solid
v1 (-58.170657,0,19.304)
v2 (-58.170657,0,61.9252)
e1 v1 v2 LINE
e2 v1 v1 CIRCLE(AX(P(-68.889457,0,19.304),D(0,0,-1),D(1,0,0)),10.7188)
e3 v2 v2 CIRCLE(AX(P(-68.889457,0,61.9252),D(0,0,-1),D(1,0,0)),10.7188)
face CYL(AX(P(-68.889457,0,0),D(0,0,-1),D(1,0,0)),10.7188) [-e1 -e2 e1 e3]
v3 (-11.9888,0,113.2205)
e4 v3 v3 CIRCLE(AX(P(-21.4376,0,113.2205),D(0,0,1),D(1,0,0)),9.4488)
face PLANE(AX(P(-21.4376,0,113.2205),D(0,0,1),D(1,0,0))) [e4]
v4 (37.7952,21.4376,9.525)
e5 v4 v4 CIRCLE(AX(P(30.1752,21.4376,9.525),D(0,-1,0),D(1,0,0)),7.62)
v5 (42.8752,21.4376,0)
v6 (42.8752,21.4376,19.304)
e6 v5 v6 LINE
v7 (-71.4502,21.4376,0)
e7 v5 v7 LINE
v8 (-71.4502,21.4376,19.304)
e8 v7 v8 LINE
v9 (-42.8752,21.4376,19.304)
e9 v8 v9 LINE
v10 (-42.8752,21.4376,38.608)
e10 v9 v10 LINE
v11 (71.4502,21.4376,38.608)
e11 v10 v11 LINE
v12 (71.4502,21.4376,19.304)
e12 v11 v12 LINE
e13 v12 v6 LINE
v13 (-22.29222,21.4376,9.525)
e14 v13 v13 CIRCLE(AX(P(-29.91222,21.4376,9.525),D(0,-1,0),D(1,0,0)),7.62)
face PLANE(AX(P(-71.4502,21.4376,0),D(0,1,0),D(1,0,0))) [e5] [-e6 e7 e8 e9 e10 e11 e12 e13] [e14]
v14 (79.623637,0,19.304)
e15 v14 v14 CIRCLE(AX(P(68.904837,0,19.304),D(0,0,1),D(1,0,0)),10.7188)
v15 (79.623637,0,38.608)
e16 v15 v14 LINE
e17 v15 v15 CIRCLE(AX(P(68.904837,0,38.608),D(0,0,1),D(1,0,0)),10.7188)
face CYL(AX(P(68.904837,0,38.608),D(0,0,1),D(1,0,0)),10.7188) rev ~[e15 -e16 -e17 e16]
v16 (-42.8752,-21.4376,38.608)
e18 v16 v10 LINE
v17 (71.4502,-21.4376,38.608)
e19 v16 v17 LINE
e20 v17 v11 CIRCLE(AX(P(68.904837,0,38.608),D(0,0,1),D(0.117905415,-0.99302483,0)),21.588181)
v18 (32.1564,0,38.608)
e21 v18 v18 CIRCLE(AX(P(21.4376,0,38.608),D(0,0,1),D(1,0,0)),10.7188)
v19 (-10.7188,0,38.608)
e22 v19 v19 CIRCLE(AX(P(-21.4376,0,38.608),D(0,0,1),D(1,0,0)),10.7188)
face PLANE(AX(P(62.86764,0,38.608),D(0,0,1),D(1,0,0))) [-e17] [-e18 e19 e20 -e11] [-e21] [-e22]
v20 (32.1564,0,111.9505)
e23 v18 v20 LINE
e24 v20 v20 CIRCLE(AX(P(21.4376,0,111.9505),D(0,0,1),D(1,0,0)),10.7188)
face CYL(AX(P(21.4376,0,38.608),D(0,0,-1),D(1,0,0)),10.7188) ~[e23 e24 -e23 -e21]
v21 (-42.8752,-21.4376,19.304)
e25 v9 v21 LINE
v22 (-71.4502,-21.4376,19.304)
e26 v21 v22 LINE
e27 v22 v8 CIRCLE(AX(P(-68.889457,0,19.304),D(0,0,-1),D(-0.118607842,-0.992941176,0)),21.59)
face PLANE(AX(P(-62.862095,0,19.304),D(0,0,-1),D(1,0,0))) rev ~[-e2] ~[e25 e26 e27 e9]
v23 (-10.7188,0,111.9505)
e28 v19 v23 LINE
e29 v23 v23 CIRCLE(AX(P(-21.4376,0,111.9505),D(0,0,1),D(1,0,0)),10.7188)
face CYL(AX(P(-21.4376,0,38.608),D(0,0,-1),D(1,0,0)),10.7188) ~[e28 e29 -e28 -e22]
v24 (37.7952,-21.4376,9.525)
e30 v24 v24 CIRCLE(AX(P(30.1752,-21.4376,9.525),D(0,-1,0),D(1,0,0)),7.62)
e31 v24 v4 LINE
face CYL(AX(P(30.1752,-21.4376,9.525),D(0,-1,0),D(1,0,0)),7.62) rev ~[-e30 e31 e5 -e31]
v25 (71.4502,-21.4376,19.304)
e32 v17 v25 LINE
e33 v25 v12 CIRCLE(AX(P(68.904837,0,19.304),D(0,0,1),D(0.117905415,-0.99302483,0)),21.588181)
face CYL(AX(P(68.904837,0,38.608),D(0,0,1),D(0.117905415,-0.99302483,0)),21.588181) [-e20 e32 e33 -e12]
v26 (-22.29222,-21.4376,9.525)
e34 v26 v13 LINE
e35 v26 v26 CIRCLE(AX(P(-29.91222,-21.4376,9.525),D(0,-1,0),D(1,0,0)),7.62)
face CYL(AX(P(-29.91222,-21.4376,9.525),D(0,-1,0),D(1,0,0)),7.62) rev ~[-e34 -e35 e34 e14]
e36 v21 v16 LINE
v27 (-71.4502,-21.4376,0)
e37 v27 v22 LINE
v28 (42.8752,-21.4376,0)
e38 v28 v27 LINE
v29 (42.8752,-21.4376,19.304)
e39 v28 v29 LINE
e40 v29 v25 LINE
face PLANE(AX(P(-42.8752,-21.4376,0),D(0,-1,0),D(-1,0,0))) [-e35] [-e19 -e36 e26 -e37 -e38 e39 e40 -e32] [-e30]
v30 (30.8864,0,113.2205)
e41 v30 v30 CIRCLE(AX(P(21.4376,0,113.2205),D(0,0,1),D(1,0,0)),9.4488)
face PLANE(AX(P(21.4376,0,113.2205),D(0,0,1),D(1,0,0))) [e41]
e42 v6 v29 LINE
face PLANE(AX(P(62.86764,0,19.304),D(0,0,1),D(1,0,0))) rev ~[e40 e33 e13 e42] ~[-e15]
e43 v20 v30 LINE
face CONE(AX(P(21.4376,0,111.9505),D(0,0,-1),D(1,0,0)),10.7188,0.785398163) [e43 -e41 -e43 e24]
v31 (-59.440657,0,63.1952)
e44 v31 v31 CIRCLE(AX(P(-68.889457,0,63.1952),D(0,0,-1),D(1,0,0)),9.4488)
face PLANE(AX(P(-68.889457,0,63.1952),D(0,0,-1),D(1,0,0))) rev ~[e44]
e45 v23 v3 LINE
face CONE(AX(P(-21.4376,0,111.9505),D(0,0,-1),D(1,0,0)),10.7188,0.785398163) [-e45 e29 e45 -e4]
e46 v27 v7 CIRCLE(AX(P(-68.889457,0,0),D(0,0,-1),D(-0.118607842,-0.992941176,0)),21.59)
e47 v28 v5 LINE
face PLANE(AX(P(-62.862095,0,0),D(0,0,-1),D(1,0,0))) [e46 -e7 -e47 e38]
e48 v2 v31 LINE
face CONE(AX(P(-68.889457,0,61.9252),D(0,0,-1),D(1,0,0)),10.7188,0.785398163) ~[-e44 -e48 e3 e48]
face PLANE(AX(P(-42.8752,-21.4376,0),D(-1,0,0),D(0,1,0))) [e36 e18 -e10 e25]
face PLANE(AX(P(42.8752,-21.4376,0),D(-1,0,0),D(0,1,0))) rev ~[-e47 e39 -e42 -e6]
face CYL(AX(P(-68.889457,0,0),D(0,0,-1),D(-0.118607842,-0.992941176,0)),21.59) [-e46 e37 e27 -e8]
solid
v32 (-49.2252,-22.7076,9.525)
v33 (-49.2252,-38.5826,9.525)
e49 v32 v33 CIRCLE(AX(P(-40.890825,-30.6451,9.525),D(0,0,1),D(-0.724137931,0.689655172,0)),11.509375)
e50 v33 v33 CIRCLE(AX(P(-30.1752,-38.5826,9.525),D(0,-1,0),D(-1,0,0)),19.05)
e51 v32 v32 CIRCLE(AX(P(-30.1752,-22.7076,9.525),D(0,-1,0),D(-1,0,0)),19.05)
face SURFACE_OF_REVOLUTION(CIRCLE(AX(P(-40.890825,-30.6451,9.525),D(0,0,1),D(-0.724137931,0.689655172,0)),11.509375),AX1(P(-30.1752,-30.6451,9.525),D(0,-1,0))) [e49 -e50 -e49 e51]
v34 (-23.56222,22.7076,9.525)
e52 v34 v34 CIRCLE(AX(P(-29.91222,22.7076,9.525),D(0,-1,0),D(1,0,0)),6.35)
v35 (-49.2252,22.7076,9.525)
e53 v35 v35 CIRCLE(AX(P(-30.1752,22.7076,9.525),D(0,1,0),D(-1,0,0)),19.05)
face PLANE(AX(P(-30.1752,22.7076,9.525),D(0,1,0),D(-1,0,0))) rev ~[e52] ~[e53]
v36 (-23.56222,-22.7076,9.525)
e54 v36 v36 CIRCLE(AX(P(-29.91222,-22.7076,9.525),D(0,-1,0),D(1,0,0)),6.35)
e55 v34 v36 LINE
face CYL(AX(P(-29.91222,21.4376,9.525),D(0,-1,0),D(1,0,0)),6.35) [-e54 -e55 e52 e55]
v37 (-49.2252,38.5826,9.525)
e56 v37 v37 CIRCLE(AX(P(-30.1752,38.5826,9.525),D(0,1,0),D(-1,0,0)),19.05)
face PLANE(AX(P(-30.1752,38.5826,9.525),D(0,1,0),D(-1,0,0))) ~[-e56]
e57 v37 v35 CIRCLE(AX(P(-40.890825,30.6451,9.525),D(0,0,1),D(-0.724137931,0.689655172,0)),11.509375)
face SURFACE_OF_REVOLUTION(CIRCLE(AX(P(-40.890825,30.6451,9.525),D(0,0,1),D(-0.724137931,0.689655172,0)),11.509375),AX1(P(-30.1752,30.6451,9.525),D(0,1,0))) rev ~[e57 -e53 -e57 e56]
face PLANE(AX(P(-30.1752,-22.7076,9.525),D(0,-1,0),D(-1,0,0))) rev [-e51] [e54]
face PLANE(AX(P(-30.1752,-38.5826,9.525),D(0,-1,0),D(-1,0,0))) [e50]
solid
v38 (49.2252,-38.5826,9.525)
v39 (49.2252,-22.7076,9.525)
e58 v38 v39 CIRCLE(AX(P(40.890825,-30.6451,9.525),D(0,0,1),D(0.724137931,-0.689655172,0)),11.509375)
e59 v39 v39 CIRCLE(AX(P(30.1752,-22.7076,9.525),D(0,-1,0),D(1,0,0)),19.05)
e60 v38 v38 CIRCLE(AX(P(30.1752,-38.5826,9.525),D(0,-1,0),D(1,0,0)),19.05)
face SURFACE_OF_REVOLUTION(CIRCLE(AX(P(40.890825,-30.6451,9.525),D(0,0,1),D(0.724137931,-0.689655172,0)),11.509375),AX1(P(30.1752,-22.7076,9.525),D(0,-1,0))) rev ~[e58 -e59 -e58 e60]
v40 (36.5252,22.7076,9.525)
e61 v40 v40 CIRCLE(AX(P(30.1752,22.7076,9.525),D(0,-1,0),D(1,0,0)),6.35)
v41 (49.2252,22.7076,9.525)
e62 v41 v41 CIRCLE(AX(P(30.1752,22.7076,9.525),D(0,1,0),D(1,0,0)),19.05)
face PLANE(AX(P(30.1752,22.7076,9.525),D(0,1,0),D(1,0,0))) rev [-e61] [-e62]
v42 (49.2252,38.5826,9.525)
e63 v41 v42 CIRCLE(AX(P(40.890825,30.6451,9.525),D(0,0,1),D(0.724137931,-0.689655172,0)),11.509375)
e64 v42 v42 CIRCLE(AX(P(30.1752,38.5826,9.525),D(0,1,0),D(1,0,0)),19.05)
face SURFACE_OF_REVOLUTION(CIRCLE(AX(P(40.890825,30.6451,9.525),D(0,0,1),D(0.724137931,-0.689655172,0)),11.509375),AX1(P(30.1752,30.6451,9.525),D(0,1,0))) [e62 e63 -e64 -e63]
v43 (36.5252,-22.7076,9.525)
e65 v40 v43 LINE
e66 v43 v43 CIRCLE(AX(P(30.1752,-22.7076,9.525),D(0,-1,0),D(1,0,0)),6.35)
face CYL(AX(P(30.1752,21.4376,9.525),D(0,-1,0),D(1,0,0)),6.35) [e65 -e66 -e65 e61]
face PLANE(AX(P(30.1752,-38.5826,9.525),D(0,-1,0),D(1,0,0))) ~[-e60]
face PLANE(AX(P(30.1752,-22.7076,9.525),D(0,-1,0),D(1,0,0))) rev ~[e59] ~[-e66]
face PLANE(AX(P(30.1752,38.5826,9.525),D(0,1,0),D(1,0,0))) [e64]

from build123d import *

# Parameters (mm, degrees)
F0_W      = 85.7504
F0_H      = 42.8752
F0_R      = 10.7188
F1_DEPTH  = 38.608
F2_R      = 10.7188
F3_DEPTH  = 74.6125
F4_R      = 10.7188
F5_DEPTH  = 19.304
F6_R      = 10.7188
F7_DEPTH  = 63.1952
F8_DEPTH  = 19.304
F9_SIZE   = 1.27
F10_SIZE  = 1.27
F11_SIZE  = 1.27
F12_R     = 7.62
F12_R_2   = 6.35
F13_DEPTH = 42.8752
F14_DEPTH = 1.27
F15_DEPTH = 1.27


with BuildPart() as f1:
    # F0 (on Top) → F1 (new body)
    with BuildSketch(Plane.XY):
        Rectangle(F0_W, F0_H)
        with Locations((-21.4376, 0)):
            Circle(F0_R, mode=Mode.SUBTRACT)
        with Locations((21.4376, 0)):
            Circle(F0_R, mode=Mode.SUBTRACT)
        with Locations((-21.4376, 0)):
            Circle(F0_R)
        with Locations((21.4376, 0)):
            Circle(F0_R)
    extrude(amount=F1_DEPTH)

    # F2 (on face) → F3 (join)
    with BuildSketch(Plane.XY.offset(38.608)):
        with Locations((-21.4376, 0)):
            Circle(F2_R)
        with Locations((21.4376, 0)):
            Circle(F2_R)
    extrude(amount=F3_DEPTH)

    # F4 (on face) → F5 (join)
    with BuildSketch(Plane.XY.offset(38.608)):
        with BuildLine():
            Line((42.8752, 21.4376), (42.8752, -21.4376))
            Line((42.8752, -21.4376), (71.4502, -21.4376))
            ThreePointArc((71.4502, -21.4376), (90.493017769, 0), (71.4502, 21.4376))
            Line((71.4502, 21.4376), (42.8752, 21.4376))
        make_face()
        with Locations((68.9048365366, 0)):
            Circle(F4_R, mode=Mode.SUBTRACT)
    extrude(amount=-F5_DEPTH)



with BuildPart() as f7:
    # F6 (on face) → F7 (new body)
    with BuildSketch(Plane(origin=(0, 0, 0), x_dir=(1, 0, 0), z_dir=(0, 0, -1))):
        with Locations((-68.8894567017, 0)):
            Circle(F6_R)
    extrude(amount=-F7_DEPTH)


with BuildPart() as f1_1:
    add(f1.part)

    add(f7.part)  # F8 merges F7
    # F6 (on face) → F8 (join)
    with BuildSketch(Plane(origin=(0, 0, 0), x_dir=(1, 0, 0), z_dir=(0, 0, -1))):
        with BuildLine():
            Line((-71.4502, -21.4376), (-42.8752, -21.4376))
            Line((-42.8752, -21.4376), (-42.8752, 21.4376))
            Line((-42.8752, 21.4376), (-71.4502, 21.4376))
            ThreePointArc((-71.4502, 21.4376), (-90.4794567017, 0), (-71.4502, -21.4376))
        make_face()
        with Locations((-68.8894567017, 0)):
            Circle(F6_R, mode=Mode.SUBTRACT)
    extrude(amount=-F8_DEPTH)

    # F9
    f9_edges = [f1_1.edges().sort_by_distance(p)[0] for p in [
        (-32.1564, 0, 113.2205),
    ]]
    chamfer(f9_edges, length=F9_SIZE)

    # F10
    f10_edges = [f1_1.edges().sort_by_distance(p)[0] for p in [
        (10.7188, 0, 113.2205),
    ]]
    chamfer(f10_edges, length=F10_SIZE)

    # F11
    f11_edges = [f1_1.edges().sort_by_distance(p)[0] for p in [
        (-79.608257, 0, 63.1952),
    ]]
    chamfer(f11_edges, length=F11_SIZE)

    # F12 (on face) → F13 (cut, through all)
    with BuildSketch(Plane.XZ.offset(21.4376)):
        with Locations((-29.9122203141, 9.525)):
            Circle(F12_R)
        with Locations((-29.9122203141, 9.525)):
            Circle(F12_R_2, mode=Mode.SUBTRACT)
        with Locations((30.1752, 9.525)):
            Circle(F12_R)
        with Locations((30.1752, 9.525)):
            Circle(F12_R_2, mode=Mode.SUBTRACT)
    extrude(amount=-F13_DEPTH, mode=Mode.SUBTRACT)

    # F14 (add): faces of the model
    f14_faces = [f1_1.faces().sort_by_distance(p)[0] for p in [
        (-29.9122203141, -21.4376, 9.525),
        (30.1752, -21.4376, 9.525),
    ]]
    extrude(f14_faces, amount=F14_DEPTH)

    # F15 (add): faces of the model
    f15_faces = [f1_1.faces().sort_by_distance(p)[0] for p in [
        (30.1752, 21.4376, 9.525),
        (-29.9122203141, 21.4376, 9.525),
    ]]
    extrude(f15_faces, amount=F15_DEPTH)

    # F17 (on line) → F18 (revolve)
    with BuildSketch(Plane.XY.offset(9.525)):
        with BuildLine():
            Line((30.1752, -22.7076), (30.1752, -38.5826))
            Line((30.1752, -38.5826), (49.2252, -38.5826))
            ThreePointArc((49.2252, -38.5826), (52.4002, -30.6451), (49.2252, -22.7076))
            Line((49.2252, -22.7076), (30.1752, -22.7076))
        make_face()
    revolve(axis=Axis((30.1752, -22.7076, 9.525), (0, -1, 0)))

    # F17 (on line) → F19 (revolve)
    with BuildSketch(Plane.XY.offset(9.525)):
        with BuildLine():
            Line((30.1752, 38.5826), (30.1752, 22.7076))
            Line((30.1752, 22.7076), (49.2252, 22.7076))
            ThreePointArc((49.2252, 22.7076), (52.4002, 30.6451), (49.2252, 38.5826))
            Line((49.2252, 38.5826), (30.1752, 38.5826))
        make_face()
    revolve(axis=Axis((30.1752, 30.6451, 9.525), (0, 1, 0)))

    # F17 (on line) → F20 (revolve)
    with BuildSketch(Plane.XY.offset(9.525)):
        with BuildLine():
            Line((-30.1752, 22.7076), (-30.1752, 38.5826))
            Line((-30.1752, 38.5826), (-49.2252, 38.5826))
            ThreePointArc((-49.2252, 38.5826), (-52.4002, 30.6451), (-49.2252, 22.7076))
            Line((-49.2252, 22.7076), (-30.1752, 22.7076))
        make_face()
    revolve(axis=Axis((-30.1752, 30.6451, 9.525), (0, 1, 0)))

    # F17 (on line) → F21 (revolve)
    with BuildSketch(Plane.XY.offset(9.525)):
        with BuildLine():
            Line((-30.1752, -38.5826), (-30.1752, -22.7076))
            Line((-30.1752, -22.7076), (-49.2252, -22.7076))
            ThreePointArc((-49.2252, -22.7076), (-52.4002, -30.6451), (-49.2252, -38.5826))
            Line((-49.2252, -38.5826), (-30.1752, -38.5826))
        make_face()
    revolve(axis=Axis((-30.1752, -30.6451, 9.525), (0, -1, 0)))


solid = f1_1.part
